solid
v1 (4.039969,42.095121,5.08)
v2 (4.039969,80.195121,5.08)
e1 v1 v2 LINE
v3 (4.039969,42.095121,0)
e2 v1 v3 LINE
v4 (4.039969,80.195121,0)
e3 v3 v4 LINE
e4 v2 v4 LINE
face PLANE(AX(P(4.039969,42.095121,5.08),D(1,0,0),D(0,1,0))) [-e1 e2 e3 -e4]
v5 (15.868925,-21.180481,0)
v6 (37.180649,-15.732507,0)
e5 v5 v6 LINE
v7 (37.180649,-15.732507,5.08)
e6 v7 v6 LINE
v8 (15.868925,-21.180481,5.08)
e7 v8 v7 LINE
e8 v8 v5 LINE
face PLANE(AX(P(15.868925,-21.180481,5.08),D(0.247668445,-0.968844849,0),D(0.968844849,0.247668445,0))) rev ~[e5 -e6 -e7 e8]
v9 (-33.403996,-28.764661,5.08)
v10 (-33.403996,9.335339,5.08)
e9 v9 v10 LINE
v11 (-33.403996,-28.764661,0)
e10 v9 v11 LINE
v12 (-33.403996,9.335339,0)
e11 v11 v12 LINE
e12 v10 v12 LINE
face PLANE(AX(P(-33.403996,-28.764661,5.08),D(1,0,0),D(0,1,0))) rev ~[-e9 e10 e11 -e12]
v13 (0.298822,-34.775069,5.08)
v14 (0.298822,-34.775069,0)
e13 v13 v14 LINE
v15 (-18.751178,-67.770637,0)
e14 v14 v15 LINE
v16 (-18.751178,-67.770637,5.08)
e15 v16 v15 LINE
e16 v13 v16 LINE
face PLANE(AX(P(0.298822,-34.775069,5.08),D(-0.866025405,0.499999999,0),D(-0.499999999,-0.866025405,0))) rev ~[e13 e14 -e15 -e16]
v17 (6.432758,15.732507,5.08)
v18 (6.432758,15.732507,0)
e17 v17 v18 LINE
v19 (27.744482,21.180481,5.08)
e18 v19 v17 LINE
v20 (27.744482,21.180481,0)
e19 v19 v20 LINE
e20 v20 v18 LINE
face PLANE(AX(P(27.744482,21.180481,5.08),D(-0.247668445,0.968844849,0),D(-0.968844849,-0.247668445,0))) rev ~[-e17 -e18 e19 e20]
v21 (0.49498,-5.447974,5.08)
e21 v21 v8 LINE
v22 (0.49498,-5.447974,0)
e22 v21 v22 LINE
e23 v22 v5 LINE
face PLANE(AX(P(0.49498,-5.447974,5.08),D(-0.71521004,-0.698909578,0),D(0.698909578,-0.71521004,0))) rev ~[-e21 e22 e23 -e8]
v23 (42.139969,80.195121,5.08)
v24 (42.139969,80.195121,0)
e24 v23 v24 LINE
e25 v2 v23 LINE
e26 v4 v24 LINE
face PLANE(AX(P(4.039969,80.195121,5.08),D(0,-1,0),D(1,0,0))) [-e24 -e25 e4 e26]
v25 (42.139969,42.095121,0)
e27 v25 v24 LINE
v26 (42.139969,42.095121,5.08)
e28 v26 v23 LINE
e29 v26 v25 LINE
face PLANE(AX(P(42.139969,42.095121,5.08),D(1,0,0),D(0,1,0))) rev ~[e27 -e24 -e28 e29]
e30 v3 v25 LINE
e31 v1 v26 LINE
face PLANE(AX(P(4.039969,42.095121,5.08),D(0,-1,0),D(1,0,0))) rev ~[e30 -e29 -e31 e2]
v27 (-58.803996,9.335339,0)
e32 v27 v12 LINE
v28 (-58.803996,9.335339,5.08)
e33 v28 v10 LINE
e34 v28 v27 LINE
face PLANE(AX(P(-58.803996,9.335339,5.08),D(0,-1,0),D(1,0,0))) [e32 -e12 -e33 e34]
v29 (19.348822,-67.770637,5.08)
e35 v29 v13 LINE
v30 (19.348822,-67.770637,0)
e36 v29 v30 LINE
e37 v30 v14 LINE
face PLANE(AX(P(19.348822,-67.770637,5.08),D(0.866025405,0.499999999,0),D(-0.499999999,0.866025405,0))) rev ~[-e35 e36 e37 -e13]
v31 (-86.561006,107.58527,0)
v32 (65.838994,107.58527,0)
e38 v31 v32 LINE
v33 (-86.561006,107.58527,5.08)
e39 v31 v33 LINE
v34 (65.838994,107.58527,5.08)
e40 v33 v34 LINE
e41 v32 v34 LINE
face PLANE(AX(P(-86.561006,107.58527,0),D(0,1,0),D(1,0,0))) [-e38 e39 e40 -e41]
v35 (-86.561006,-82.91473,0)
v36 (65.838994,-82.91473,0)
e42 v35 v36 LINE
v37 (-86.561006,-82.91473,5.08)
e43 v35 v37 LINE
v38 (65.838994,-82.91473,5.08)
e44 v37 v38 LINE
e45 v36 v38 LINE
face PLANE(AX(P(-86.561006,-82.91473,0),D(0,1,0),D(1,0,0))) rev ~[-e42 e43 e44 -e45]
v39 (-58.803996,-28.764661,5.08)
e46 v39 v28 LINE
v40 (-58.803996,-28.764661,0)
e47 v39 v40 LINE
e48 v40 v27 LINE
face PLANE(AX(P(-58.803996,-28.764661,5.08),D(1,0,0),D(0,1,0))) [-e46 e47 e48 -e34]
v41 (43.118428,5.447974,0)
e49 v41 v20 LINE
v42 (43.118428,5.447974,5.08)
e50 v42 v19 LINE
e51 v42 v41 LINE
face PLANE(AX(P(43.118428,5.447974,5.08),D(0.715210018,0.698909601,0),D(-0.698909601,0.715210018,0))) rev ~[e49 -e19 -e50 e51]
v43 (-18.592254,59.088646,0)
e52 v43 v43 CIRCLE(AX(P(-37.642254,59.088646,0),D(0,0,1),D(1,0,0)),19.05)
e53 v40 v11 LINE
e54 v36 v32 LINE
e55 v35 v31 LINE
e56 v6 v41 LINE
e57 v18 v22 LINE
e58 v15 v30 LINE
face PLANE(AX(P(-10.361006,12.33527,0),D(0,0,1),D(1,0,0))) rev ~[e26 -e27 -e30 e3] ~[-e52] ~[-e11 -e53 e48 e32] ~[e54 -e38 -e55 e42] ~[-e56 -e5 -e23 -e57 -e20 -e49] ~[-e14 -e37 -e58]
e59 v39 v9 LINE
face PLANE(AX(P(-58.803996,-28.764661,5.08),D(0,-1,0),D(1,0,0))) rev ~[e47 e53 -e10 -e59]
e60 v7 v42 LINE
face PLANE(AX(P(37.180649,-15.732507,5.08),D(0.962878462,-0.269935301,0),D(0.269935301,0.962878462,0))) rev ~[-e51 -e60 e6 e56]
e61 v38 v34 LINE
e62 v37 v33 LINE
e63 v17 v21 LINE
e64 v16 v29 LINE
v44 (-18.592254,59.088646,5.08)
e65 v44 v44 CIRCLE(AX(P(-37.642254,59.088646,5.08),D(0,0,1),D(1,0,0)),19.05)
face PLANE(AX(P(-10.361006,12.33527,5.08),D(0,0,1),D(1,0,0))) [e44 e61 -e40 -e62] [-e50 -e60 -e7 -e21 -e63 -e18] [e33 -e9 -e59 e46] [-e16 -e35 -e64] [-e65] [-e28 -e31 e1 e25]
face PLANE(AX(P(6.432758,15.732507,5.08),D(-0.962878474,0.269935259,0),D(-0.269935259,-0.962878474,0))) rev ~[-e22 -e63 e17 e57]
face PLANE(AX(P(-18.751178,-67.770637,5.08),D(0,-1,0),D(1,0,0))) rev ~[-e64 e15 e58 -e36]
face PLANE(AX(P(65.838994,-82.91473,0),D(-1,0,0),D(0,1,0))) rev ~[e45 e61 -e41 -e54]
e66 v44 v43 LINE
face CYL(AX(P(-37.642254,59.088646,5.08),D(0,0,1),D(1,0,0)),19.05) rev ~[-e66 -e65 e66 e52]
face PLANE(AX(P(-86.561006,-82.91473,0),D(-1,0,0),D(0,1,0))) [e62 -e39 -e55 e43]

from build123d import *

# Parameters (mm, degrees)
F0_W     = 152.4
F0_H     = 190.5
F1_DEPTH = 5.08
F2_W     = 38.1
F2_H     = 38.1
F2_R     = 19.05
F2_W_2   = 25.4
F3_DEPTH = 25.4


with BuildPart() as f1:
    # F0 (on Top) → F1 (new body)
    with BuildSketch(Plane.XY):
        with Locations((-10.361006, 12.33527)):
            Rectangle(F0_W, F0_H)
    extrude(amount=F1_DEPTH)

    # F2 (on face) → F3 (cut)
    with BuildSketch(Plane.XY.offset(5.08)):
        with Locations((23.089969, 61.145121)):
            Rectangle(F2_W, F2_H)
        Polygon((19.348822, -67.770637), (0.298822, -34.775069), (-18.751178, -67.770637), align=None)
        with Locations((-37.642254, 59.088646)):
            Circle(F2_R)
        Polygon((15.868925, -21.180481), (37.180649, -15.732507), (43.118428, 5.447974), (27.744482, 21.180481), (6.432758, 15.732507), (0.49498, -5.447974), align=None)
        with Locations((-46.103996, -9.714661)):
            Rectangle(F2_W_2, F2_H)
    extrude(amount=-F3_DEPTH, mode=Mode.SUBTRACT)


solid = f1.part
